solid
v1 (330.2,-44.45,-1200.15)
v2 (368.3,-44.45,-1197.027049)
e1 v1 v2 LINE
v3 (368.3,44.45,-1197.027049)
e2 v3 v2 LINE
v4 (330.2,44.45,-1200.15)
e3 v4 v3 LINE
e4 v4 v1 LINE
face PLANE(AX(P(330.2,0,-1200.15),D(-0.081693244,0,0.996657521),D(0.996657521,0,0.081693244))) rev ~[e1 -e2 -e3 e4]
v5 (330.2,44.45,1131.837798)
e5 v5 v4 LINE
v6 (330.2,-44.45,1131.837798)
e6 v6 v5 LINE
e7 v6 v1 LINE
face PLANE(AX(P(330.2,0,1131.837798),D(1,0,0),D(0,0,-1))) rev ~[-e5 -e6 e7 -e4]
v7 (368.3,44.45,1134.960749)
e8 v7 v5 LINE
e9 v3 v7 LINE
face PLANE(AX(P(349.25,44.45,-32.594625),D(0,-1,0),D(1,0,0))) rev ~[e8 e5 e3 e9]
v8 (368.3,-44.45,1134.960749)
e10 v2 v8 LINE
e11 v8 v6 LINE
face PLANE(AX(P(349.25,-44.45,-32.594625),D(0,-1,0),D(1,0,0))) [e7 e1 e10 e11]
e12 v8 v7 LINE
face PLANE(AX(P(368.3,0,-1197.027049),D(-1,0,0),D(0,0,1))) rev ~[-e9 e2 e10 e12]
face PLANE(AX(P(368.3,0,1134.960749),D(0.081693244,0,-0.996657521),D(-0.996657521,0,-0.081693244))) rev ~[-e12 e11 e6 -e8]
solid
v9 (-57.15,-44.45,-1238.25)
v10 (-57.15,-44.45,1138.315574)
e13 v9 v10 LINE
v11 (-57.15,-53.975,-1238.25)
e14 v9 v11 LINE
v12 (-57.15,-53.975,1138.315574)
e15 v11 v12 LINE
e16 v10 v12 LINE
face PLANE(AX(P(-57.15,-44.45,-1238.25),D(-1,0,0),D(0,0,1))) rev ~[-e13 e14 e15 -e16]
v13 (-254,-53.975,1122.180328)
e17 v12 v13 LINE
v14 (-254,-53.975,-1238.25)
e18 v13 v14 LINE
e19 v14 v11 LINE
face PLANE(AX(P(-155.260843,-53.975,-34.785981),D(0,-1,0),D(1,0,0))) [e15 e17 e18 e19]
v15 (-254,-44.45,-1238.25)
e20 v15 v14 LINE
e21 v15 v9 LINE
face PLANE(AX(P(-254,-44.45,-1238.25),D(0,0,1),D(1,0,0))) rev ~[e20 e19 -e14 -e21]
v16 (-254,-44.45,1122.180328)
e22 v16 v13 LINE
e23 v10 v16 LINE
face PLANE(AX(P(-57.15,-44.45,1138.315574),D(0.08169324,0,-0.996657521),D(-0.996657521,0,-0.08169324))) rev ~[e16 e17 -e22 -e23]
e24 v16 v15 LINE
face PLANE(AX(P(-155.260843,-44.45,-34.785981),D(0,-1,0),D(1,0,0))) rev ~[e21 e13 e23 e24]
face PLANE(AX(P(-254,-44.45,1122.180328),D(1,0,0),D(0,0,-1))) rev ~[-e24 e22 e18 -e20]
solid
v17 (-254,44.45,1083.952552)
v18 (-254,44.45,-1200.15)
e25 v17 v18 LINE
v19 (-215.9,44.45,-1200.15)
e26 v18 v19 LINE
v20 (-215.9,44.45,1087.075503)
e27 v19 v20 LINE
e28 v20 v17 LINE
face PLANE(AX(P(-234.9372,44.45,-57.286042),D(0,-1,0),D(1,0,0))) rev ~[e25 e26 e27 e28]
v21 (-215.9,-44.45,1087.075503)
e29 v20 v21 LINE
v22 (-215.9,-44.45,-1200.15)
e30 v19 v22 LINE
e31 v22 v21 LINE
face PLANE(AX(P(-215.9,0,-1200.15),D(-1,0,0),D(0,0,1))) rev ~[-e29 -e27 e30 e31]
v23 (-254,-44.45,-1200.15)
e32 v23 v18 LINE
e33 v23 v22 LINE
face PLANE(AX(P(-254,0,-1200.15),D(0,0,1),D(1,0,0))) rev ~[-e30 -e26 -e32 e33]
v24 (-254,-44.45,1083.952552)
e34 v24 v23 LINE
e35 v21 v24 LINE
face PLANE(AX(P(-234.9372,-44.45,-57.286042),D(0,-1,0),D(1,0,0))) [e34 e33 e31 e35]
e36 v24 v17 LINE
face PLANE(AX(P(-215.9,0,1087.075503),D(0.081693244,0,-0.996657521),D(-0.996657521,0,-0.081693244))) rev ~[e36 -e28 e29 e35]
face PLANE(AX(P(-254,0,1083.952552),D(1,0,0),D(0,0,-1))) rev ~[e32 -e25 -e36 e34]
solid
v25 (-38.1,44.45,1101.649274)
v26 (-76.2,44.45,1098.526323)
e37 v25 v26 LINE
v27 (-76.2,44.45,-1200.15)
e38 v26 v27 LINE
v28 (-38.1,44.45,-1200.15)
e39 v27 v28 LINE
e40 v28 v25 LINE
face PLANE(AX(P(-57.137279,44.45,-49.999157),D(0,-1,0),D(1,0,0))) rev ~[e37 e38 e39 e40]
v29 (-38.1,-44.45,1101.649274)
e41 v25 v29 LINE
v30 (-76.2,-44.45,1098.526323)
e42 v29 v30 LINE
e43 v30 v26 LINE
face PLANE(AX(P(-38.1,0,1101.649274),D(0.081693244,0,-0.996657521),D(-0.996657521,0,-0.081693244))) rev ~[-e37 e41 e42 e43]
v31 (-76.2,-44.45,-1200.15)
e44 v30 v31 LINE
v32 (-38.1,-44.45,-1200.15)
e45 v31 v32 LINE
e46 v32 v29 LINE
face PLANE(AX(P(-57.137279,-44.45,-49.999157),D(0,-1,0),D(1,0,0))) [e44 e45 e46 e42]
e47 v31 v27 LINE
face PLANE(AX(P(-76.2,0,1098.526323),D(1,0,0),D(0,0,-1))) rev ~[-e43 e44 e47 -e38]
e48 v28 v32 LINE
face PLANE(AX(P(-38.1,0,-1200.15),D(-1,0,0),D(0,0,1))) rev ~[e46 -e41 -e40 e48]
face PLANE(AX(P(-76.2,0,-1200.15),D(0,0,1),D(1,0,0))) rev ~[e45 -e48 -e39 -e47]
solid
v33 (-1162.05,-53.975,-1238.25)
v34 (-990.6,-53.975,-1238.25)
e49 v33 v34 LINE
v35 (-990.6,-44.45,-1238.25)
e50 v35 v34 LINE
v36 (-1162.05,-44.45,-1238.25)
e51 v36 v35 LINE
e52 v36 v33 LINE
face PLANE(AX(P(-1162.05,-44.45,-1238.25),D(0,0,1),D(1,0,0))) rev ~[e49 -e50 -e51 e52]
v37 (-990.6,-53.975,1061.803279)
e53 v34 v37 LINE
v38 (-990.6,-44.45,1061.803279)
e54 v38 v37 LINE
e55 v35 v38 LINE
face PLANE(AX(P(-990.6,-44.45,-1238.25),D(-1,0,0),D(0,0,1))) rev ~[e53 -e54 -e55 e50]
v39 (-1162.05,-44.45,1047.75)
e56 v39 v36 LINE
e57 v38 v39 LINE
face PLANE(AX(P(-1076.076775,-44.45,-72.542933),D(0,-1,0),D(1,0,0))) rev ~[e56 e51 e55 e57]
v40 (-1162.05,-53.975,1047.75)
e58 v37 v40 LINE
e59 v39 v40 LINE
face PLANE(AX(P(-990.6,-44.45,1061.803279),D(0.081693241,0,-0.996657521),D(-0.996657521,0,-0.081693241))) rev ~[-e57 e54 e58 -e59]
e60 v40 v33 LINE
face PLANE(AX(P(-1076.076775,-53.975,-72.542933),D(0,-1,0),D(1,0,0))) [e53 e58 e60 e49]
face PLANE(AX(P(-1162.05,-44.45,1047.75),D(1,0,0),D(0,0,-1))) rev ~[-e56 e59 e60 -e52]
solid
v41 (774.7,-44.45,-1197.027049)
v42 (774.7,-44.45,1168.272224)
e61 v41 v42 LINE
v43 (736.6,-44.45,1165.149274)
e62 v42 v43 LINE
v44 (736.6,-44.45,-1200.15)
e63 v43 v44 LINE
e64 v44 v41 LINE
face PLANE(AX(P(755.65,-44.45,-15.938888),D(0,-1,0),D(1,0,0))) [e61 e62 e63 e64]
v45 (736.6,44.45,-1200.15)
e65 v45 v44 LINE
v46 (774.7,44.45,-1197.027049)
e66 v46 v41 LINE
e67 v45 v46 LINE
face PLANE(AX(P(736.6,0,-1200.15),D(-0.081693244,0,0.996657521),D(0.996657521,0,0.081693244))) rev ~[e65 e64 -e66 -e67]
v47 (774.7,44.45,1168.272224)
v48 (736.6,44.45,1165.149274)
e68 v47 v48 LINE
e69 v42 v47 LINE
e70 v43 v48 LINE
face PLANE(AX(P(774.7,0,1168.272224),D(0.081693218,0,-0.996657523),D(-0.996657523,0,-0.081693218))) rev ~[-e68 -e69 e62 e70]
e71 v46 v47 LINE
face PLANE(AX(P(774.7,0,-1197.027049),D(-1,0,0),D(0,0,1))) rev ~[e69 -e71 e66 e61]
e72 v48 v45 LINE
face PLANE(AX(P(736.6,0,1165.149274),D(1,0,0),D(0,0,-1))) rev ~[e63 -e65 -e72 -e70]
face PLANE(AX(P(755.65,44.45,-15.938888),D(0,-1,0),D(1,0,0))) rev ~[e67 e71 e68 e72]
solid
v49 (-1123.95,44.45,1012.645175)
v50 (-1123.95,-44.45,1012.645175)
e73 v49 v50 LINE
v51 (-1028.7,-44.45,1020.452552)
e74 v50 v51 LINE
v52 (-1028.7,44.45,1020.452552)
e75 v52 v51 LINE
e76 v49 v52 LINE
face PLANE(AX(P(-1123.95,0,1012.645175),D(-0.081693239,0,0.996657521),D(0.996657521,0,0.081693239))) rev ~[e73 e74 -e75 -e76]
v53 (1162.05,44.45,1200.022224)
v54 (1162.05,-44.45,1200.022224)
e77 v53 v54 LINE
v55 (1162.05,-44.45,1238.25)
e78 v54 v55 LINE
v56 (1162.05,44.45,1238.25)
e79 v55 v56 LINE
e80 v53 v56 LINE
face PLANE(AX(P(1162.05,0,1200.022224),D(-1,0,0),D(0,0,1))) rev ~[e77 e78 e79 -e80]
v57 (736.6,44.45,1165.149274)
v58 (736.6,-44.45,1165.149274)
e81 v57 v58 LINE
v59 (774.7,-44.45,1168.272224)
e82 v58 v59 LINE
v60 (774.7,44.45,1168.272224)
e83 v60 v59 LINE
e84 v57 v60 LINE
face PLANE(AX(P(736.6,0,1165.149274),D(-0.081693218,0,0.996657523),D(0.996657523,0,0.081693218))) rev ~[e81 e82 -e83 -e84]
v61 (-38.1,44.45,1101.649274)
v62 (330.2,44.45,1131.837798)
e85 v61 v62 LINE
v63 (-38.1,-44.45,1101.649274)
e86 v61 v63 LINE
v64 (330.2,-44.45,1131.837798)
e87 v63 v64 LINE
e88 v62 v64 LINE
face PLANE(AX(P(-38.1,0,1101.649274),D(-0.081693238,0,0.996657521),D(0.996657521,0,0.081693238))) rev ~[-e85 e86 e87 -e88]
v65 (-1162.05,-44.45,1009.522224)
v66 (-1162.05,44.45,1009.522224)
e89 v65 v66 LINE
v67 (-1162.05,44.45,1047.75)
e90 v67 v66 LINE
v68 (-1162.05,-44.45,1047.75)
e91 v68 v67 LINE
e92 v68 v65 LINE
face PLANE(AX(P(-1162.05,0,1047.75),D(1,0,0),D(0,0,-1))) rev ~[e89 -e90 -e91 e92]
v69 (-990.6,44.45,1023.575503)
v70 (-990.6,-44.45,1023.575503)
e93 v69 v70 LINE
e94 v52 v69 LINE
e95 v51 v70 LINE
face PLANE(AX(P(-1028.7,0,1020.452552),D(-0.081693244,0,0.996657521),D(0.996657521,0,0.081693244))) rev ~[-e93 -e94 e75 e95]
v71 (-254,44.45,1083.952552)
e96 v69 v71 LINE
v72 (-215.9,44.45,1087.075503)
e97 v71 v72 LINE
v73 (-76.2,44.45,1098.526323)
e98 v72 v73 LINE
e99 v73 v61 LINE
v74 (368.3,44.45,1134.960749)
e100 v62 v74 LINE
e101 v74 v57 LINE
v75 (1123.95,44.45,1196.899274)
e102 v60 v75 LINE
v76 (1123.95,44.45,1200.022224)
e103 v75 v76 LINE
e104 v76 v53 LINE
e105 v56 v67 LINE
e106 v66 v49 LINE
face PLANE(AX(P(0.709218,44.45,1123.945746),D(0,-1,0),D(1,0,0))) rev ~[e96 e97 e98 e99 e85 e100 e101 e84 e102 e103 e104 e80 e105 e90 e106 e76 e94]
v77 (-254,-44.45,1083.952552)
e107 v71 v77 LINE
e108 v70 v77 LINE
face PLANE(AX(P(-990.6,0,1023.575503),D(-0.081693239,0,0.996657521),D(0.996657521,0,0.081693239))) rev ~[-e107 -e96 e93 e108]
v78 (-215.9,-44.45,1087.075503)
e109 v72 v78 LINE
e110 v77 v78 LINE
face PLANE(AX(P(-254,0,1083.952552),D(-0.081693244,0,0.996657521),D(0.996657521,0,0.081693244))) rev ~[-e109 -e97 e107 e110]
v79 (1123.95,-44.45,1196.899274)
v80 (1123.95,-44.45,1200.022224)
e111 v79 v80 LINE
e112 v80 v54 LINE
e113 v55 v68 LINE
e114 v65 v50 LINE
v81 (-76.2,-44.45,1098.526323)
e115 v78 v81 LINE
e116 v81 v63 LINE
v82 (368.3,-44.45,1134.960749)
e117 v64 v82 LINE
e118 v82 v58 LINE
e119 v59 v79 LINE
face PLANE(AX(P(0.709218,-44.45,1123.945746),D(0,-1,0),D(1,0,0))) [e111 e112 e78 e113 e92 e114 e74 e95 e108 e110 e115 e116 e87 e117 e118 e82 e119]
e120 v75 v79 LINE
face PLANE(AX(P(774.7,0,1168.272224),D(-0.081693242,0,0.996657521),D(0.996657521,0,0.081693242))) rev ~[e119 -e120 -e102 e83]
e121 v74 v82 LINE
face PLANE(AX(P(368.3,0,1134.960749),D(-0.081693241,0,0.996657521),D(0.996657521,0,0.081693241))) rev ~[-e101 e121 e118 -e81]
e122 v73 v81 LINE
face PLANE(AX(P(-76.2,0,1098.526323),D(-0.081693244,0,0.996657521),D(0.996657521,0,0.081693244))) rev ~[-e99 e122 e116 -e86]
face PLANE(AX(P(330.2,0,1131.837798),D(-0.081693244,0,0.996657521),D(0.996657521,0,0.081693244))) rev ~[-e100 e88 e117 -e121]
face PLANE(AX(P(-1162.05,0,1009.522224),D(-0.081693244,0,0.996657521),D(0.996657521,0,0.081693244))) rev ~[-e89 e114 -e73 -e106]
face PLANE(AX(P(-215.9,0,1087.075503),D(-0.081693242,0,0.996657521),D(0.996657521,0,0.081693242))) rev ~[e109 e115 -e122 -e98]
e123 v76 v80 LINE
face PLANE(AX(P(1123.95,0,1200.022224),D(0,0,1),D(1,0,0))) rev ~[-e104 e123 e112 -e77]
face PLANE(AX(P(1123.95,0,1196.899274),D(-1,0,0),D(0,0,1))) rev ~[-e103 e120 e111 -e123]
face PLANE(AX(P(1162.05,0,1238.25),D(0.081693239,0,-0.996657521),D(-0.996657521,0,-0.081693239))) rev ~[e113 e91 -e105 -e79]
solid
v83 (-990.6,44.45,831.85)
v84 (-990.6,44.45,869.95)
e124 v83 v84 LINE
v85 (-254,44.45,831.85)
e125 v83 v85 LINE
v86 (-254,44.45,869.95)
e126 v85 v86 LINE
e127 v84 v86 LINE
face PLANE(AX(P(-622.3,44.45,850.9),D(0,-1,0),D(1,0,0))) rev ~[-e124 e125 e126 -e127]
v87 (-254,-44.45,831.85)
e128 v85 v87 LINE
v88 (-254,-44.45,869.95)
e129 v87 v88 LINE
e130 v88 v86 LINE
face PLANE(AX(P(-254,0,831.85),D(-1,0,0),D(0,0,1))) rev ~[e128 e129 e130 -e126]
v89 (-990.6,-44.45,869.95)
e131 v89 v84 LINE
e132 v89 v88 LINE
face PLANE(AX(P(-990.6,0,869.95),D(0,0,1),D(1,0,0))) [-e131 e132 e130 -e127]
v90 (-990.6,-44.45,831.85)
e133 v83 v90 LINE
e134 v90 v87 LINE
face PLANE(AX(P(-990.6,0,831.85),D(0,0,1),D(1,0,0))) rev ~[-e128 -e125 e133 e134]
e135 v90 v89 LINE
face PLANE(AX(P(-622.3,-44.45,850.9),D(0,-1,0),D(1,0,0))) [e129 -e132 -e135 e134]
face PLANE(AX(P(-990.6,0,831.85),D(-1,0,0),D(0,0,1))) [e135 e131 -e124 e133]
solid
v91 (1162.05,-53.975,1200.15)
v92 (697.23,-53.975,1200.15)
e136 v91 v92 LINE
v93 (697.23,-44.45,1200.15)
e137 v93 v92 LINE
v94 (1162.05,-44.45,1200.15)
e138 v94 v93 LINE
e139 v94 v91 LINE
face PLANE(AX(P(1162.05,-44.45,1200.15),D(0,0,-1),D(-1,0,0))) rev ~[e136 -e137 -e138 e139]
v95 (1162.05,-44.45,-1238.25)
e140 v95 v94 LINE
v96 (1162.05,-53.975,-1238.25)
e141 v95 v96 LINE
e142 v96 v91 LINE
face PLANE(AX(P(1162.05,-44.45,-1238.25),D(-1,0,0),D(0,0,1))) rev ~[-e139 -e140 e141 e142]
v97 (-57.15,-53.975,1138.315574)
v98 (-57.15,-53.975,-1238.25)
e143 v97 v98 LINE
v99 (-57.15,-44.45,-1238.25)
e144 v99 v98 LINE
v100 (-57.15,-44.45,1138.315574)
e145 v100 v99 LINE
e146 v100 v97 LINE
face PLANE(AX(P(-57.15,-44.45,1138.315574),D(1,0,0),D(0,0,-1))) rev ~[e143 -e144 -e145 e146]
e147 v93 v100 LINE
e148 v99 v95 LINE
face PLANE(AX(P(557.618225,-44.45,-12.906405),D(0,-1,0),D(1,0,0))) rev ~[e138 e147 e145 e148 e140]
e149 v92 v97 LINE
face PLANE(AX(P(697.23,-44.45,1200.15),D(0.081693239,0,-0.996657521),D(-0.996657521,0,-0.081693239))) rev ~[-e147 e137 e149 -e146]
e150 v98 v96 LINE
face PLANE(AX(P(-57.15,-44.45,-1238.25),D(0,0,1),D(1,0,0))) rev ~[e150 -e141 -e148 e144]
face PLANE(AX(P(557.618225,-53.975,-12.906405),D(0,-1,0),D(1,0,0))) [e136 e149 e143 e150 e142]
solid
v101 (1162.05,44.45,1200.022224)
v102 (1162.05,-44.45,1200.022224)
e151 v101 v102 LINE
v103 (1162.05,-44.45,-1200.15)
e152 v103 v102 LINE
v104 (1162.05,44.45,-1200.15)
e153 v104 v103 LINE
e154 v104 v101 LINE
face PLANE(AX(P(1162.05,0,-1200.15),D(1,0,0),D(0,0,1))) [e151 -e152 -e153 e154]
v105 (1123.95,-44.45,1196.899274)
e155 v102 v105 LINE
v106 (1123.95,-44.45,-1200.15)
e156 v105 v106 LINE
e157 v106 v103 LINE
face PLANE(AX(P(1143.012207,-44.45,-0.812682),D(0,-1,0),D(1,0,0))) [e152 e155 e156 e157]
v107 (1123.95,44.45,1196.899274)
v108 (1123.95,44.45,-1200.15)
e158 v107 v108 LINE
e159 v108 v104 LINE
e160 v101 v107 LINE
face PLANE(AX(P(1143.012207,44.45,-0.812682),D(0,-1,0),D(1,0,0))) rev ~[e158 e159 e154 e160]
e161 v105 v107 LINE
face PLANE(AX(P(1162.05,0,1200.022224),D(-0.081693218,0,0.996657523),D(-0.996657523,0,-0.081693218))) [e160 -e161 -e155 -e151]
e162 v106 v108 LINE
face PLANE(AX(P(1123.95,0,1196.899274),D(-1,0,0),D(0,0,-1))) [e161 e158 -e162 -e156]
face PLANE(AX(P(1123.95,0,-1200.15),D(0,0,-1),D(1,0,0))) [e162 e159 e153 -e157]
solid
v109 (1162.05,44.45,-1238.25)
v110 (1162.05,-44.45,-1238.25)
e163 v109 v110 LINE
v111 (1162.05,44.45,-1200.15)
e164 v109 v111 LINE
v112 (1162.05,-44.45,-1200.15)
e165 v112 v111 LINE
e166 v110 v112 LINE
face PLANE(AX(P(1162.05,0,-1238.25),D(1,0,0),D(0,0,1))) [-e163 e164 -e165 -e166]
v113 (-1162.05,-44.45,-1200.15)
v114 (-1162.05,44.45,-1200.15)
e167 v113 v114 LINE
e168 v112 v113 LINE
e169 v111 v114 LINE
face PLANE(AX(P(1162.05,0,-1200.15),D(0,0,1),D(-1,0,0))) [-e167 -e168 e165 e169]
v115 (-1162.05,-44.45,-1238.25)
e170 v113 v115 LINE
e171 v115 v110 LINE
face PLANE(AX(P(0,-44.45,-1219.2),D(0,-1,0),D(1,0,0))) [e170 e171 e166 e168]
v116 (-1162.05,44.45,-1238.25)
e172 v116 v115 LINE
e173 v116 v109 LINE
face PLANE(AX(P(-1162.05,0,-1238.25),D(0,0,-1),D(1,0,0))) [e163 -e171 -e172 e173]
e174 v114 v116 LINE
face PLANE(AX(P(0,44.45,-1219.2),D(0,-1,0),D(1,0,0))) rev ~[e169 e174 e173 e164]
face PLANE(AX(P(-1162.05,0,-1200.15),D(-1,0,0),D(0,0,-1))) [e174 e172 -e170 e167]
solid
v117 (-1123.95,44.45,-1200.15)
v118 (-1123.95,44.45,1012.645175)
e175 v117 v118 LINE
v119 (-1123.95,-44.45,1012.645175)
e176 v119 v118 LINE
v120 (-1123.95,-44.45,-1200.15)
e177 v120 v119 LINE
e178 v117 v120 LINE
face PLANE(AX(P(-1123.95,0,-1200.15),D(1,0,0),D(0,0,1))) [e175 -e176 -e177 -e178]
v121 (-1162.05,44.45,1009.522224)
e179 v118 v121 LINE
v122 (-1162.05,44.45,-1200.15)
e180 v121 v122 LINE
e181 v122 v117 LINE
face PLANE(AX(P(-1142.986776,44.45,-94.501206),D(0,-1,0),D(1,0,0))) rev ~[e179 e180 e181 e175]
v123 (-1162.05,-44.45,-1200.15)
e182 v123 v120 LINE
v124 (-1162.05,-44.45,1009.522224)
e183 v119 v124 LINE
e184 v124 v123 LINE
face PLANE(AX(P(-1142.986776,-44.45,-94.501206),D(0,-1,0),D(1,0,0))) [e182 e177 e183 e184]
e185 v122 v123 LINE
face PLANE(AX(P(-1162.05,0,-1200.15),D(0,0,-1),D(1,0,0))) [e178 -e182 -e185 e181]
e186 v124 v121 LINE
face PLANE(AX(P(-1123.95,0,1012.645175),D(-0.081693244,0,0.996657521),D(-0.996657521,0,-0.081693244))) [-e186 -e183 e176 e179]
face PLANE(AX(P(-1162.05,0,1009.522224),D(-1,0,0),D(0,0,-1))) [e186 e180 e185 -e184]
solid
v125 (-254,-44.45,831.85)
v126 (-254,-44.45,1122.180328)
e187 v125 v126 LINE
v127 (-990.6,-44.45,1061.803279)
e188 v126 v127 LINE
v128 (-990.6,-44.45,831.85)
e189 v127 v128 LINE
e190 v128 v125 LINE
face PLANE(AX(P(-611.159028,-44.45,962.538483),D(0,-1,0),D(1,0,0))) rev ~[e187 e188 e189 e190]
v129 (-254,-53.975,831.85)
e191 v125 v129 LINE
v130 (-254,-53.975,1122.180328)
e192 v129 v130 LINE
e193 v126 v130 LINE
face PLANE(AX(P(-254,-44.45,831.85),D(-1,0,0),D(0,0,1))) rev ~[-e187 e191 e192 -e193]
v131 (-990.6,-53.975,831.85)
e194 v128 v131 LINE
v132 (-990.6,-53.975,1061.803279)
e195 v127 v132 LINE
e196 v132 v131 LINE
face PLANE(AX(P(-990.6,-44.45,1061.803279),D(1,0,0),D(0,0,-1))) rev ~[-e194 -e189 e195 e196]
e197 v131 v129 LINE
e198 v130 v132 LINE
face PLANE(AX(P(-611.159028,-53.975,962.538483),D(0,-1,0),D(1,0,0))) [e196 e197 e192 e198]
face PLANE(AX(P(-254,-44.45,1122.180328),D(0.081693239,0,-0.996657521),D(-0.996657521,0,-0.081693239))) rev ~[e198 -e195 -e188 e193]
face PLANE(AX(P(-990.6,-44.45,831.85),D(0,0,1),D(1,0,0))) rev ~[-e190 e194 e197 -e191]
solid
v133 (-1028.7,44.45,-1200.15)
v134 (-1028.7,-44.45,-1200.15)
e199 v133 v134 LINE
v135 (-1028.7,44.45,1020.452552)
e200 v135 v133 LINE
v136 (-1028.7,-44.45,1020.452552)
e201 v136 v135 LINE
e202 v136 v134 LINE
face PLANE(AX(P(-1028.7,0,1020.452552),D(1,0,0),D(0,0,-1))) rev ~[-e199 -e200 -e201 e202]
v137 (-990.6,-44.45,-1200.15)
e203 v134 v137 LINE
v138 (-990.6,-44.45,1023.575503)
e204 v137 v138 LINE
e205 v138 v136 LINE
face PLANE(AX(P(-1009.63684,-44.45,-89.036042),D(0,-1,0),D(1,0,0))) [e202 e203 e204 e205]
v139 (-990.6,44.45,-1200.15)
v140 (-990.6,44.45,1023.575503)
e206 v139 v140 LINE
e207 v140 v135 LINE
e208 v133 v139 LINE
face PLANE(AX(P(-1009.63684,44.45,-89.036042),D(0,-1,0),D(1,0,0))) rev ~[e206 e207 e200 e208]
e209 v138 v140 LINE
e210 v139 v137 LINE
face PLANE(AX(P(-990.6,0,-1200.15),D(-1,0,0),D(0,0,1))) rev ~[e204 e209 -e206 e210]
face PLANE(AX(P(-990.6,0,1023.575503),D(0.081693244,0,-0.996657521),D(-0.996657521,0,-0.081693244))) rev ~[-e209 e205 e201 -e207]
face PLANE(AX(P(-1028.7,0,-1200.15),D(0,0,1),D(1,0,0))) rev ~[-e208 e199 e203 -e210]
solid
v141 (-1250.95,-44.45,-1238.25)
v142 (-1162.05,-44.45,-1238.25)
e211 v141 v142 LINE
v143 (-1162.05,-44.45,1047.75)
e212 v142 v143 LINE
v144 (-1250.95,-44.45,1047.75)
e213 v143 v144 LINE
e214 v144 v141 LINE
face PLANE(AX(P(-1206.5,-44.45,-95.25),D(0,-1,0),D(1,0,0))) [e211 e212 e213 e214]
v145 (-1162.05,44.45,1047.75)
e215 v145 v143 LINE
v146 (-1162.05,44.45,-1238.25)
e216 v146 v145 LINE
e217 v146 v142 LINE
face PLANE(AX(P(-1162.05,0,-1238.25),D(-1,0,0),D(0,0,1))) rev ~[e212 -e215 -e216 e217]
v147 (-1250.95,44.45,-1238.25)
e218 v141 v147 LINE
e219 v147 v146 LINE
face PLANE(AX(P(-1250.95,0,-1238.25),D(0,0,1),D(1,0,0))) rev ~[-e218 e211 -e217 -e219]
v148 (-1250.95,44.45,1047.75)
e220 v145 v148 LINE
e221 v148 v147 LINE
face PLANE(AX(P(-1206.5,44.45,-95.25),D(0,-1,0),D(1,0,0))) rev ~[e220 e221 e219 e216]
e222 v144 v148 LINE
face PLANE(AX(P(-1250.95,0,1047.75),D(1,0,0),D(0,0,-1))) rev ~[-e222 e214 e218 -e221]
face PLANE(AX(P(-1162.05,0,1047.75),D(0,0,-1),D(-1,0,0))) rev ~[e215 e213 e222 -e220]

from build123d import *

# Parameters (mm, degrees)
F1_DEPTH = 44.45
F0_W     = 736.6
F0_H     = 38.1
F2_DEPTH = 44.45
F3_DEPTH = 44.45
F4_W     = 171.45
F4_H     = 38.1
F4_W_2   = 196.85
F5_DEPTH = 9.525
F4_W_3   = 1219.2
F6_DEPTH = 9.525


with BuildPart() as f1:
    # F0 (on Front) → F1 (new body, symmetric)
    with BuildSketch(Plane.XZ):
        Polygon((-1250.95, -1238.25), (-1162.05, -1238.25), (-1162.05, -1200.15), (-1162.05, 1009.522224), (-1162.05, 1013.384365), (-1162.05, 1047.75), (-1250.95, 1047.75), align=None)
        Polygon((-1028.7, 1020.452552), (-1028.7, -1200.15), (-990.6, -1200.15), (-990.6, 831.85), (-990.6, 869.95), (-990.6, 1023.575503), align=None)
        Polygon((-254, 831.85), (-254, -1200.15), (-215.9, -1200.15), (-215.9, 1087.075503), (-254, 1083.952552), (-254, 869.95), align=None)
        Polygon((-76.2, -1200.15), (-38.1, -1200.15), (-38.1, 1101.649274), (-76.2, 1098.526323), align=None)
        Polygon((330.2, 1131.837798), (330.2, -1200.15), (368.3, -1197.027049), (368.3, 1134.960749), align=None)
        Polygon((736.6, 1165.149274), (736.6, -1200.15), (774.7, -1197.027049), (774.7, 1168.272224), align=None)
        Polygon((1123.95, -1200.15), (1162.05, -1200.15), (1162.05, 1200.022224), (1123.95, 1196.899274), align=None)
    extrude(amount=F1_DEPTH, both=True)


with BuildPart() as f2:
    # F0 (on Front) → F2 (new body, symmetric)
    with BuildSketch(Plane.XZ):
        Polygon((-1162.05, 1013.384365), (-1162.05, 1009.522224), (-1123.95, 1012.645175), (-1028.7, 1020.452552), (-990.6, 1023.575503), (-254, 1083.952552), (-215.9, 1087.075503), (-76.2, 1098.526323), (-38.1, 1101.649274), (330.2, 1131.837798), (368.3, 1134.960749), (736.6, 1165.149274), (774.7, 1168.272224), (1123.95, 1196.899274), (1123.95, 1200.022224), (1162.05, 1200.022224), (1162.05, 1238.25), (-1162.05, 1047.75), align=None)
        with Locations((-622.3, 850.9)):
            Rectangle(F0_W, F0_H)
        Polygon((-1162.05, -1200.15), (-1162.05, -1238.25), (1162.05, -1238.25), (1162.05, -1200.15), (1123.95, -1200.15), (736.6, -1200.15), (330.2, -1200.15), (-38.1, -1200.15), (-76.2, -1200.15), (-215.9, -1200.15), (-254, -1200.15), (-990.6, -1200.15), (-1028.7, -1200.15), (-1114.931886, -1200.15), (-1123.95, -1200.15), align=None)
    extrude(amount=F2_DEPTH, both=True)


with BuildPart() as f3:
    # F0 (on Front) → F3 (new body, symmetric)
    with BuildSketch(Plane.XZ):
        Polygon((-1162.05, 1009.522224), (-1162.05, -1200.15), (-1123.95, -1200.15), (-1123.95, 1012.645175), align=None)
    extrude(amount=F3_DEPTH, both=True)


with BuildPart() as f5:
    # F4 (on face) → F5 (new body)
    with BuildSketch(Plane.XZ.offset(44.45)):
        Polygon((-1162.05, -1200.15), (-990.6, -1200.15), (-990.6, 831.85), (-990.6, 1023.575503), (-990.6, 1061.803279), (-1162.05, 1047.75), align=None)
        Polygon((-254, -1200.15), (-57.15, -1200.15), (-57.15, 1138.315574), (-254, 1122.180328), (-254, 1083.952552), (-254, 831.85), align=None)
        with Locations((-1076.325, -1219.2)):
            Rectangle(F4_W, F4_H)
        with Locations((-155.575, -1219.2)):
            Rectangle(F4_W_2, F4_H)
    extrude(amount=F5_DEPTH)


with BuildPart() as f6:
    # F4 (on face) → F6 (new body)
    with BuildSketch(Plane.XZ.offset(44.45)):
        Polygon((-254, 1083.952552), (-254, 1122.180328), (-990.6, 1061.803279), (-990.6, 1023.575503), (-990.6, 831.85), (-254, 831.85), align=None)
        Polygon((-57.15, -1200.15), (1162.05, -1200.15), (1162.05, 1200.15), (697.23, 1200.15), (-57.15, 1138.315574), align=None)
        with Locations((552.45, -1219.2)):
            Rectangle(F4_W_3, F4_H)
    extrude(amount=F6_DEPTH)


solid = Compound([f1.part, f2.part, f3.part, f5.part, f6.part])
